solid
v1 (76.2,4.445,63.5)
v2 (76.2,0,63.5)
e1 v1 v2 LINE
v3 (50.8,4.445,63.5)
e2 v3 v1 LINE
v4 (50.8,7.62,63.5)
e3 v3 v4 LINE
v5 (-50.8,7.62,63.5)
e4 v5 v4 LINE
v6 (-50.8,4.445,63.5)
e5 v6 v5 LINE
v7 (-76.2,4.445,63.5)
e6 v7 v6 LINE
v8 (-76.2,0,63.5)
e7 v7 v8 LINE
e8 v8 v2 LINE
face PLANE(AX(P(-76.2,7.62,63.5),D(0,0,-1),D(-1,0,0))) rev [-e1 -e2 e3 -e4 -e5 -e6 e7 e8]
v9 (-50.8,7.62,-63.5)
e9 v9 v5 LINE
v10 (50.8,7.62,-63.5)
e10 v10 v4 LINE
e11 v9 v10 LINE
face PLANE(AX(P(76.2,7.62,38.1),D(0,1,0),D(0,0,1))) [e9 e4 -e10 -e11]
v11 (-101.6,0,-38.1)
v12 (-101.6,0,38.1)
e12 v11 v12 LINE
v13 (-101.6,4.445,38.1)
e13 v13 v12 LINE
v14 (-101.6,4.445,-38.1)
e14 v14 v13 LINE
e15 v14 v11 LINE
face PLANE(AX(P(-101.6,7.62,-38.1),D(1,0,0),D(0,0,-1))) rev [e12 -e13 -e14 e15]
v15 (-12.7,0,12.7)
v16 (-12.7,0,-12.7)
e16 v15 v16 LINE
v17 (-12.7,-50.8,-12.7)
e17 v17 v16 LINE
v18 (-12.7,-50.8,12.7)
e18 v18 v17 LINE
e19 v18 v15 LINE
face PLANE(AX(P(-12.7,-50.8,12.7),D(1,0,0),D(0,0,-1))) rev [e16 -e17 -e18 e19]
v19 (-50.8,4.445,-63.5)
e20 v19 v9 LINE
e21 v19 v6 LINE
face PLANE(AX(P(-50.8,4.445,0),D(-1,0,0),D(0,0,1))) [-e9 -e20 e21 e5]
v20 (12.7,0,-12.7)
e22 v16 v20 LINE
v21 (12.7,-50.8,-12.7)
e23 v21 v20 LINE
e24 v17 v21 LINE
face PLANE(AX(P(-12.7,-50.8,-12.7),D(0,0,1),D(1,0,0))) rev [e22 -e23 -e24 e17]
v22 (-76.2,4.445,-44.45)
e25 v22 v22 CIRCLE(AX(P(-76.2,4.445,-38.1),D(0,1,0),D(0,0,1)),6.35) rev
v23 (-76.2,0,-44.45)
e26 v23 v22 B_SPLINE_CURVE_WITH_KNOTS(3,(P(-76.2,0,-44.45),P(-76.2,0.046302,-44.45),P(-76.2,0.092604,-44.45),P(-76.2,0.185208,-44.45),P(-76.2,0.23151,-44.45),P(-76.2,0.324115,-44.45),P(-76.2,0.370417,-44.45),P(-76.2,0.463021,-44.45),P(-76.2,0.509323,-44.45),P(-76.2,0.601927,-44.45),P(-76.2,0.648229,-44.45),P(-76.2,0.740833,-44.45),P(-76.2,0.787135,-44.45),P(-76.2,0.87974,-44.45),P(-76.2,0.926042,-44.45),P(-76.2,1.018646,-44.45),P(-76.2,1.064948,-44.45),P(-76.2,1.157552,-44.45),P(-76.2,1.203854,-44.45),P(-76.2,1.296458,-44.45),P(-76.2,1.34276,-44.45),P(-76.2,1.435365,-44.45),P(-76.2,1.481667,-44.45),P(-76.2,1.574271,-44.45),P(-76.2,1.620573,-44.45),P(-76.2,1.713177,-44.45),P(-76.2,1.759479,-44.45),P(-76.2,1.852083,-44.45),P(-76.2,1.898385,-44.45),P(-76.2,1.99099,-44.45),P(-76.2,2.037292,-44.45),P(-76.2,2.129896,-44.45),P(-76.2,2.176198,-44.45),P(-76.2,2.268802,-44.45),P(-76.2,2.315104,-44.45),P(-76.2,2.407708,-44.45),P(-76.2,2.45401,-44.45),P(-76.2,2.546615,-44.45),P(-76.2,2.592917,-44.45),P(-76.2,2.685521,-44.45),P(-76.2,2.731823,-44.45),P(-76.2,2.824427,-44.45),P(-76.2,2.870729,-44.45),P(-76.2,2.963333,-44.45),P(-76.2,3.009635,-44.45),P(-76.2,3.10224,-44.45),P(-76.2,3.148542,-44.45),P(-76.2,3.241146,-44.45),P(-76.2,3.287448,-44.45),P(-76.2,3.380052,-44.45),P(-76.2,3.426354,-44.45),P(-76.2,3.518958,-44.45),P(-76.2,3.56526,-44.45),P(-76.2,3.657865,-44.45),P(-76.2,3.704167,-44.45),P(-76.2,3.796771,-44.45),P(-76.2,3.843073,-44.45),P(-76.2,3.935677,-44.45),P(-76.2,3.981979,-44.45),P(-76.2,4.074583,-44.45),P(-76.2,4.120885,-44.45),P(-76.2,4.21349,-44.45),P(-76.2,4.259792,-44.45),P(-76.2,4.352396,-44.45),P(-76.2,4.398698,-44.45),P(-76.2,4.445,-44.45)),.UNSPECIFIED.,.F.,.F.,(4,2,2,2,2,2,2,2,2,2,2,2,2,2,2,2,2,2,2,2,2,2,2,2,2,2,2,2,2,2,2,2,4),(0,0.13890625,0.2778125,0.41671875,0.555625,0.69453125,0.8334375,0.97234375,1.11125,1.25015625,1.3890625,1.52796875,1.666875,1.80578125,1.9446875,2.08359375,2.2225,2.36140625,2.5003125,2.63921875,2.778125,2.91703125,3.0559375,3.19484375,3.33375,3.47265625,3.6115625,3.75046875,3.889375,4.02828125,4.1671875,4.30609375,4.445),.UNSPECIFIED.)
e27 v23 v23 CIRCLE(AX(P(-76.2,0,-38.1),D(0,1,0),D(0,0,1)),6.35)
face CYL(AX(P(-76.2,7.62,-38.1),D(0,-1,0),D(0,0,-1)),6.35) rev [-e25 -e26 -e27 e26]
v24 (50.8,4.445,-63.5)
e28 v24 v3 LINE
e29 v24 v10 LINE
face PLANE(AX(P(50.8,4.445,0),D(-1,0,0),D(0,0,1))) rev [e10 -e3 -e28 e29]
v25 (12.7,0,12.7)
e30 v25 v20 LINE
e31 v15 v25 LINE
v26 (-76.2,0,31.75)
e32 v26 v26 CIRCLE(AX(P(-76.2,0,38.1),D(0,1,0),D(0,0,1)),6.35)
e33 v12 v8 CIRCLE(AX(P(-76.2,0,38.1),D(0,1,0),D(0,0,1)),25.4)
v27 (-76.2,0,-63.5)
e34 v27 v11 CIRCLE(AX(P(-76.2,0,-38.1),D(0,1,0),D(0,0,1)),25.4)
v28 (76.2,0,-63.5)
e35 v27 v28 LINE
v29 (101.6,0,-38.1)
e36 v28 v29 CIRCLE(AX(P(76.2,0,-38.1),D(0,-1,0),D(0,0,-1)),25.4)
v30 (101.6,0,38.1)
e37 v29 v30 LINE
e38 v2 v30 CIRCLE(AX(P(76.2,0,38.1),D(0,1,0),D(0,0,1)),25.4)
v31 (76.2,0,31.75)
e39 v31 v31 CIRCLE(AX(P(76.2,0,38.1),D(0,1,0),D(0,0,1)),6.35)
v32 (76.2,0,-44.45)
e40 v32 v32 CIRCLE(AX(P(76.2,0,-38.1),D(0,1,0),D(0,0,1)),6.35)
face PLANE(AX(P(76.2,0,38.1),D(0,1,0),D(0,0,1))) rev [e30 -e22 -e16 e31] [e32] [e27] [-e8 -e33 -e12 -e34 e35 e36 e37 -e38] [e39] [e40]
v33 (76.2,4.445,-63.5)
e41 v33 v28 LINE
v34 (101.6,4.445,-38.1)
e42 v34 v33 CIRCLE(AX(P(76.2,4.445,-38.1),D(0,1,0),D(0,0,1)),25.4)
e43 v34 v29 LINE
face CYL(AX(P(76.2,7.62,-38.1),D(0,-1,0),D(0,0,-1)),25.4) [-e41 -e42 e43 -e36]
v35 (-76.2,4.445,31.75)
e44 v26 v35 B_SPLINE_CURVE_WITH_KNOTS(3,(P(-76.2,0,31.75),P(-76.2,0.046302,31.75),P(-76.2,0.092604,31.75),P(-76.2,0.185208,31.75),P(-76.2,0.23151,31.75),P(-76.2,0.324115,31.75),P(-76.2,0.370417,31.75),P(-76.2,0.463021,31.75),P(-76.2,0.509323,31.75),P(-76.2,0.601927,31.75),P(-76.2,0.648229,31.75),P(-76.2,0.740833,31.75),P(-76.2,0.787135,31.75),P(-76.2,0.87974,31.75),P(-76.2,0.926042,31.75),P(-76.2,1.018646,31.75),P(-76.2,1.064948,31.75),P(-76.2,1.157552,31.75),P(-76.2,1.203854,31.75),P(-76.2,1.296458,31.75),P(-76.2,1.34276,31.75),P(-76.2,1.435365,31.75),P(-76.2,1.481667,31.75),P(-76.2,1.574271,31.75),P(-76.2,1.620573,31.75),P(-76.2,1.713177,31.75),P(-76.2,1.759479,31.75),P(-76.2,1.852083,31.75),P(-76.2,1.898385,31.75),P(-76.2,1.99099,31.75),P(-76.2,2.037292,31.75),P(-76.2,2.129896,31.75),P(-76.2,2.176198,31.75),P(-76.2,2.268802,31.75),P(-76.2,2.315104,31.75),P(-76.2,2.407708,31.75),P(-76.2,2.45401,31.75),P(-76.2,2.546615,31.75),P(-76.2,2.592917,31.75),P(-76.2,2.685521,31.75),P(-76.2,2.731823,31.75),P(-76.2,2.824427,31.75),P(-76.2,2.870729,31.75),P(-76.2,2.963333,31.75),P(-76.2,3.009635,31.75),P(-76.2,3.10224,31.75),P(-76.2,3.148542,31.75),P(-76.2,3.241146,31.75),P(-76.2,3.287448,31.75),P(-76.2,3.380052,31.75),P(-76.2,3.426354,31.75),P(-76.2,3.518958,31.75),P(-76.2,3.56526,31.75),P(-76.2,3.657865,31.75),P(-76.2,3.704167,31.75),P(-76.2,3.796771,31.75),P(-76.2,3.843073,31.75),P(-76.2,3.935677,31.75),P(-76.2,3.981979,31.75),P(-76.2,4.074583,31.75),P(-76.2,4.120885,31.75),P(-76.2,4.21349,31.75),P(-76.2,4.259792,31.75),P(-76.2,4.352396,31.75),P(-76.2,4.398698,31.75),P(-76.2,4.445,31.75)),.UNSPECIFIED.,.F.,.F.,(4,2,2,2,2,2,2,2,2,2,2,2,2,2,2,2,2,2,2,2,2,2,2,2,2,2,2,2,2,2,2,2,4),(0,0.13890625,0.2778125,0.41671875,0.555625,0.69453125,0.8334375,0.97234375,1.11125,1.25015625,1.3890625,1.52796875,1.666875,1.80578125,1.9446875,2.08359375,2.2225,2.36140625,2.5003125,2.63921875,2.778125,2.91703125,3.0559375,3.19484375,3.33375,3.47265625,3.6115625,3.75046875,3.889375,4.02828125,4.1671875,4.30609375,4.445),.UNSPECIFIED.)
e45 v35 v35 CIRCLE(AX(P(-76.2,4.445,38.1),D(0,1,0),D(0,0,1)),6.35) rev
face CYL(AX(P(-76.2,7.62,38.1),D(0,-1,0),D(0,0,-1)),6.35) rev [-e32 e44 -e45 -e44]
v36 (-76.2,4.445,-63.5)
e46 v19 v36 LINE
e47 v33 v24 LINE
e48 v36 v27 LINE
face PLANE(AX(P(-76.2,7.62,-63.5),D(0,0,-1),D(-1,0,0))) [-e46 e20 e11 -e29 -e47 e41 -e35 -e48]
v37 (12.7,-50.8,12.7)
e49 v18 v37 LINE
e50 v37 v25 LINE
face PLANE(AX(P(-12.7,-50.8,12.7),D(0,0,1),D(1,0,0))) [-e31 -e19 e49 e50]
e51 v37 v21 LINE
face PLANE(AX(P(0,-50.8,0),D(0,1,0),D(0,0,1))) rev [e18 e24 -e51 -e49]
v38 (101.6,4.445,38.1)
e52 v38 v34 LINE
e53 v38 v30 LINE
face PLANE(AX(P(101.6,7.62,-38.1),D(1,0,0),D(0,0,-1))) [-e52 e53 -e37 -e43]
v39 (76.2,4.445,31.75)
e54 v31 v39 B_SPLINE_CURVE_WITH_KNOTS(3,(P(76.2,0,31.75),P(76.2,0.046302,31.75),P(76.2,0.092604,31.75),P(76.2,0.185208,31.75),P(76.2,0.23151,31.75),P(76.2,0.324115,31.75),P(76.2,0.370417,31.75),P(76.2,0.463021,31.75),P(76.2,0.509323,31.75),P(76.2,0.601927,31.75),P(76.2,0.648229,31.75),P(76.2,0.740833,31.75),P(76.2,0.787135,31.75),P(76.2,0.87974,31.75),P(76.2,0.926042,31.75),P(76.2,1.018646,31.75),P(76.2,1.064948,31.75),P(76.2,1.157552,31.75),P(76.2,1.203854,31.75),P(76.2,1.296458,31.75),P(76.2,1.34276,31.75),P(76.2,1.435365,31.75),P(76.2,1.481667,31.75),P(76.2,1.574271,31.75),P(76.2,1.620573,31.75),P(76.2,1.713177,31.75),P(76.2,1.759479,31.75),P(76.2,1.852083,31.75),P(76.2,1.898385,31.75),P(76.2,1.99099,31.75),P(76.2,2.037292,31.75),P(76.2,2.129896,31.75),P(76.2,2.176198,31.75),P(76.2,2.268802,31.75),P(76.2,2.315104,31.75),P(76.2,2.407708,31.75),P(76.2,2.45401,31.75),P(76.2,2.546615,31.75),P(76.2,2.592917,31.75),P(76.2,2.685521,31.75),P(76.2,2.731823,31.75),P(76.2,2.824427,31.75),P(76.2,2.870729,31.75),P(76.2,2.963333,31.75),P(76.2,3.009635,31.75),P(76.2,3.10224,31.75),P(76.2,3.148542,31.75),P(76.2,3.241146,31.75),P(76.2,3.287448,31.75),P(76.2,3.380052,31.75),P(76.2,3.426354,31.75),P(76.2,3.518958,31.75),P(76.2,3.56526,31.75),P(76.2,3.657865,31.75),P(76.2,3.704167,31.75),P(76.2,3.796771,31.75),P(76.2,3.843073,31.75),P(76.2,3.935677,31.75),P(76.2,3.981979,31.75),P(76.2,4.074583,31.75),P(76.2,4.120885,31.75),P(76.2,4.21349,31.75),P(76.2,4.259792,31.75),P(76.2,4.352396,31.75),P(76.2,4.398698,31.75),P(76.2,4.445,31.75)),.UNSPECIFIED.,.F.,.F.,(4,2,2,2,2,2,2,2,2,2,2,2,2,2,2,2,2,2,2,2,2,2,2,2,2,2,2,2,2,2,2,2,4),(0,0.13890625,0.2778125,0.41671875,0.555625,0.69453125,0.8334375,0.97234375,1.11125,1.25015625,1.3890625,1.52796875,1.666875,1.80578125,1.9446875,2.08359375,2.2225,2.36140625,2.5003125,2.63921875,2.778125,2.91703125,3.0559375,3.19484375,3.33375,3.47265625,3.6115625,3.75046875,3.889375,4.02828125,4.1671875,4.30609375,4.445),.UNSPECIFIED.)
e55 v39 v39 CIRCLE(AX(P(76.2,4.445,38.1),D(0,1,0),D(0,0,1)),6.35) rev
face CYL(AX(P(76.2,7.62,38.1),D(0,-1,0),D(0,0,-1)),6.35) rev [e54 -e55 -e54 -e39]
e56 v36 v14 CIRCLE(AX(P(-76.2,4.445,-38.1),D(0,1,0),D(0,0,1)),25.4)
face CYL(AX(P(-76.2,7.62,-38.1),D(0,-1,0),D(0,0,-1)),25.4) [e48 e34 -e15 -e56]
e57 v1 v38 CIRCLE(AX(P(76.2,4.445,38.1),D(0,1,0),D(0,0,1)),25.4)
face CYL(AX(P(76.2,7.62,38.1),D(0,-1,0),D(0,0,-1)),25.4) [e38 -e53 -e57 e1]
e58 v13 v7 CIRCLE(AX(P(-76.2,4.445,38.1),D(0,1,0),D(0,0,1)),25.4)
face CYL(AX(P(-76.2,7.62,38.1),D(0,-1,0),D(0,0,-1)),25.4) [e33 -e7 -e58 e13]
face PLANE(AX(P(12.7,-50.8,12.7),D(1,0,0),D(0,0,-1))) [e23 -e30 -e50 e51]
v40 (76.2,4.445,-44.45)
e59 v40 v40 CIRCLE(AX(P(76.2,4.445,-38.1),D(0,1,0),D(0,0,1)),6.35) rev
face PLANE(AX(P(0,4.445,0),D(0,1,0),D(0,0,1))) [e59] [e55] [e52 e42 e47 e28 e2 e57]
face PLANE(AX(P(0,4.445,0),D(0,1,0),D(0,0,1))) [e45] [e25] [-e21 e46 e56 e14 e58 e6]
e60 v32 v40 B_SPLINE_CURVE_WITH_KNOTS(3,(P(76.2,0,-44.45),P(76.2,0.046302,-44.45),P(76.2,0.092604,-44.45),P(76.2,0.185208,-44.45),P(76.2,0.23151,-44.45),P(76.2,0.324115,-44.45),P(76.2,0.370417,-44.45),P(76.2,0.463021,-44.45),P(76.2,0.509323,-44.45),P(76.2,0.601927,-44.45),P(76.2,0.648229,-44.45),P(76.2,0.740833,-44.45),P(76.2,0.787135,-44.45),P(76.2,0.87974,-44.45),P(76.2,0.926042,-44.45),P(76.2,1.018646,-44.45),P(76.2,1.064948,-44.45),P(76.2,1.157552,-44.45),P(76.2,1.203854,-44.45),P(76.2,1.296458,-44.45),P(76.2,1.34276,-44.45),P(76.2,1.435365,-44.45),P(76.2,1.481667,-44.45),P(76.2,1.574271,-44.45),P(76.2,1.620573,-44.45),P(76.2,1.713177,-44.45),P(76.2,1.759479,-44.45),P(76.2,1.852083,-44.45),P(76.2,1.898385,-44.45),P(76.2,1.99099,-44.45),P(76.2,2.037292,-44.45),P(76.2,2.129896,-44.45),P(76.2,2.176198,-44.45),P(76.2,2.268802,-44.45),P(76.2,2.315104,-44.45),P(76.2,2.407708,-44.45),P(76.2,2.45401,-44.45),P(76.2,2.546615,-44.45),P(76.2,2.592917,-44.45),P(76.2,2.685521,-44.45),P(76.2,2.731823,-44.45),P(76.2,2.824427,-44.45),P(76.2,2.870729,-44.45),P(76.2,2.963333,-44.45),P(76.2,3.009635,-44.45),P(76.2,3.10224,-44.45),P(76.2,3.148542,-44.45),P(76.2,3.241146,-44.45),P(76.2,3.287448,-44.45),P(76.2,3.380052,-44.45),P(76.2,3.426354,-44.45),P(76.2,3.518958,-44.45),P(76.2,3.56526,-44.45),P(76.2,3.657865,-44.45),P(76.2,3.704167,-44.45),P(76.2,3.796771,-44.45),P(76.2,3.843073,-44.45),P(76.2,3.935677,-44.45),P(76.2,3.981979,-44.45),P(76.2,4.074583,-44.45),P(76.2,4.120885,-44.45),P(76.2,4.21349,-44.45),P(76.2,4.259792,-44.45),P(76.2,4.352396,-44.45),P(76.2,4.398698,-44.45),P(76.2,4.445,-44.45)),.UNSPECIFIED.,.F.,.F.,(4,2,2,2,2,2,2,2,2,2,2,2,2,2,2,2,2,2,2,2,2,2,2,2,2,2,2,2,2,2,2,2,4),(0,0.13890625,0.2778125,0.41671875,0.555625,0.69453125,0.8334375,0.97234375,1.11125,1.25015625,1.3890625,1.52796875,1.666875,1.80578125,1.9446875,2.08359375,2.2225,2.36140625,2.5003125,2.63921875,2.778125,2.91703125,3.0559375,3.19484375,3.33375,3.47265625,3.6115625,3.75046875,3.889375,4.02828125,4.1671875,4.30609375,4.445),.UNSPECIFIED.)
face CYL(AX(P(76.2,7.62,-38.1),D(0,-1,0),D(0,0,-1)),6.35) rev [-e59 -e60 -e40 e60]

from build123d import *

# Parameters (mm, degrees)
SKETCH1_R           = 6.35
BOSS_EXTRUDE2_DEPTH = 7.62
CUT_EXTRUDE2_START  = -3.175
SKETCH3_R           = 6.35
CUT_EXTRUDE2_DEPTH  = 3.175
SKETCH4_W           = 25.4
SKETCH4_H           = 25.4
BOSS_EXTRUDE3_DEPTH = 50.8


with BuildPart() as part:
    # Sketch1 → Boss-Extrude2 (new body)
    with BuildSketch(Plane(origin=(0, 0, 0), x_dir=(1, 0, 0), z_dir=(0, 1, 0))):
        with BuildLine():
            Line((-76.2, 63.5), (76.2, 63.5))
            ThreePointArc((76.2, 63.5), (94.160512242, 56.060512242), (101.6, 38.1))
            Line((101.6, 38.1), (101.6, -38.1))
            ThreePointArc((101.6, -38.1), (94.160512242, -56.060512242), (76.2, -63.5))
            Line((76.2, -63.5), (-76.2, -63.5))
            ThreePointArc((-76.2, -63.5), (-94.160512242, -56.060512242), (-101.6, -38.1))
            Line((-101.6, -38.1), (-101.6, 38.1))
            ThreePointArc((-101.6, 38.1), (-94.160512242, 56.060512242), (-76.2, 63.5))
        make_face()
        with Locations(Location((-76.2, 38.1, 0), (0, 0, 90))):
            Circle(SKETCH1_R, mode=Mode.SUBTRACT)
        with Locations(Location((76.2, -38.1, 0), (0, 0, 90))):
            Circle(SKETCH1_R, mode=Mode.SUBTRACT)
        with Locations(Location((76.2, 38.1, 0), (0, 0, 90))):
            Circle(SKETCH1_R, mode=Mode.SUBTRACT)
        with Locations(Location((-76.2, -38.1, 0), (0, 0, 90))):
            Circle(SKETCH1_R, mode=Mode.SUBTRACT)
    extrude(amount=BOSS_EXTRUDE2_DEPTH)

    # Sketch3 → Cut-Extrude2 (cut)
    # profile 1 of 2: a face of its own
    with BuildSketch(Plane(origin=(0, 7.62, 0), x_dir=(1, 0, 0), z_dir=(0, 1, 0)).offset(CUT_EXTRUDE2_START)):
        with BuildLine():
            Line((-50.8, -63.5), (-50.8, 63.5))
            Line((-50.8, 63.5), (-76.2, 63.5))
            ThreePointArc((-76.2, 63.5), (-94.160512242, 56.060512242), (-101.6, 38.1))
            Line((-101.6, 38.1), (-101.6, -38.1))
            ThreePointArc((-101.6, -38.1), (-94.160512242, -56.060512242), (-76.2, -63.5))
            Line((-76.2, -63.5), (-50.8, -63.5))
        make_face()
        with Locations(Location((-76.2, -38.1, 0), (0, 0, 90))):
            Circle(SKETCH3_R, mode=Mode.SUBTRACT)
        with Locations(Location((-76.2, 38.1, 0), (0, 0, 90))):
            Circle(SKETCH3_R, mode=Mode.SUBTRACT)
    # profile 2 of 2: a face of its own
    with BuildSketch(Plane(origin=(0, 7.62, 0), x_dir=(1, 0, 0), z_dir=(0, 1, 0)).offset(CUT_EXTRUDE2_START)):
        with BuildLine():
            Line((76.2, 63.5), (50.8, 63.5))
            Line((50.8, 63.5), (50.8, -63.5))
            Line((50.8, -63.5), (76.2, -63.5))
            ThreePointArc((76.2, -63.5), (94.160512242, -56.060512242), (101.6, -38.1))
            Line((101.6, -38.1), (101.6, 38.1))
            ThreePointArc((101.6, 38.1), (94.160512242, 56.060512242), (76.2, 63.5))
        make_face()
        with Locations(Location((76.2, -38.1, 0), (0, 0, 90))):
            Circle(SKETCH3_R, mode=Mode.SUBTRACT)
        with Locations(Location((76.2, 38.1, 0), (0, 0, 90))):
            Circle(SKETCH3_R, mode=Mode.SUBTRACT)
    extrude(amount=CUT_EXTRUDE2_DEPTH, mode=Mode.SUBTRACT)

    # Sketch4 → Boss-Extrude3 (add)
    with BuildSketch(Plane.XZ):
        Rectangle(SKETCH4_W, SKETCH4_H)
    extrude(amount=BOSS_EXTRUDE3_DEPTH)


solid = part.part
